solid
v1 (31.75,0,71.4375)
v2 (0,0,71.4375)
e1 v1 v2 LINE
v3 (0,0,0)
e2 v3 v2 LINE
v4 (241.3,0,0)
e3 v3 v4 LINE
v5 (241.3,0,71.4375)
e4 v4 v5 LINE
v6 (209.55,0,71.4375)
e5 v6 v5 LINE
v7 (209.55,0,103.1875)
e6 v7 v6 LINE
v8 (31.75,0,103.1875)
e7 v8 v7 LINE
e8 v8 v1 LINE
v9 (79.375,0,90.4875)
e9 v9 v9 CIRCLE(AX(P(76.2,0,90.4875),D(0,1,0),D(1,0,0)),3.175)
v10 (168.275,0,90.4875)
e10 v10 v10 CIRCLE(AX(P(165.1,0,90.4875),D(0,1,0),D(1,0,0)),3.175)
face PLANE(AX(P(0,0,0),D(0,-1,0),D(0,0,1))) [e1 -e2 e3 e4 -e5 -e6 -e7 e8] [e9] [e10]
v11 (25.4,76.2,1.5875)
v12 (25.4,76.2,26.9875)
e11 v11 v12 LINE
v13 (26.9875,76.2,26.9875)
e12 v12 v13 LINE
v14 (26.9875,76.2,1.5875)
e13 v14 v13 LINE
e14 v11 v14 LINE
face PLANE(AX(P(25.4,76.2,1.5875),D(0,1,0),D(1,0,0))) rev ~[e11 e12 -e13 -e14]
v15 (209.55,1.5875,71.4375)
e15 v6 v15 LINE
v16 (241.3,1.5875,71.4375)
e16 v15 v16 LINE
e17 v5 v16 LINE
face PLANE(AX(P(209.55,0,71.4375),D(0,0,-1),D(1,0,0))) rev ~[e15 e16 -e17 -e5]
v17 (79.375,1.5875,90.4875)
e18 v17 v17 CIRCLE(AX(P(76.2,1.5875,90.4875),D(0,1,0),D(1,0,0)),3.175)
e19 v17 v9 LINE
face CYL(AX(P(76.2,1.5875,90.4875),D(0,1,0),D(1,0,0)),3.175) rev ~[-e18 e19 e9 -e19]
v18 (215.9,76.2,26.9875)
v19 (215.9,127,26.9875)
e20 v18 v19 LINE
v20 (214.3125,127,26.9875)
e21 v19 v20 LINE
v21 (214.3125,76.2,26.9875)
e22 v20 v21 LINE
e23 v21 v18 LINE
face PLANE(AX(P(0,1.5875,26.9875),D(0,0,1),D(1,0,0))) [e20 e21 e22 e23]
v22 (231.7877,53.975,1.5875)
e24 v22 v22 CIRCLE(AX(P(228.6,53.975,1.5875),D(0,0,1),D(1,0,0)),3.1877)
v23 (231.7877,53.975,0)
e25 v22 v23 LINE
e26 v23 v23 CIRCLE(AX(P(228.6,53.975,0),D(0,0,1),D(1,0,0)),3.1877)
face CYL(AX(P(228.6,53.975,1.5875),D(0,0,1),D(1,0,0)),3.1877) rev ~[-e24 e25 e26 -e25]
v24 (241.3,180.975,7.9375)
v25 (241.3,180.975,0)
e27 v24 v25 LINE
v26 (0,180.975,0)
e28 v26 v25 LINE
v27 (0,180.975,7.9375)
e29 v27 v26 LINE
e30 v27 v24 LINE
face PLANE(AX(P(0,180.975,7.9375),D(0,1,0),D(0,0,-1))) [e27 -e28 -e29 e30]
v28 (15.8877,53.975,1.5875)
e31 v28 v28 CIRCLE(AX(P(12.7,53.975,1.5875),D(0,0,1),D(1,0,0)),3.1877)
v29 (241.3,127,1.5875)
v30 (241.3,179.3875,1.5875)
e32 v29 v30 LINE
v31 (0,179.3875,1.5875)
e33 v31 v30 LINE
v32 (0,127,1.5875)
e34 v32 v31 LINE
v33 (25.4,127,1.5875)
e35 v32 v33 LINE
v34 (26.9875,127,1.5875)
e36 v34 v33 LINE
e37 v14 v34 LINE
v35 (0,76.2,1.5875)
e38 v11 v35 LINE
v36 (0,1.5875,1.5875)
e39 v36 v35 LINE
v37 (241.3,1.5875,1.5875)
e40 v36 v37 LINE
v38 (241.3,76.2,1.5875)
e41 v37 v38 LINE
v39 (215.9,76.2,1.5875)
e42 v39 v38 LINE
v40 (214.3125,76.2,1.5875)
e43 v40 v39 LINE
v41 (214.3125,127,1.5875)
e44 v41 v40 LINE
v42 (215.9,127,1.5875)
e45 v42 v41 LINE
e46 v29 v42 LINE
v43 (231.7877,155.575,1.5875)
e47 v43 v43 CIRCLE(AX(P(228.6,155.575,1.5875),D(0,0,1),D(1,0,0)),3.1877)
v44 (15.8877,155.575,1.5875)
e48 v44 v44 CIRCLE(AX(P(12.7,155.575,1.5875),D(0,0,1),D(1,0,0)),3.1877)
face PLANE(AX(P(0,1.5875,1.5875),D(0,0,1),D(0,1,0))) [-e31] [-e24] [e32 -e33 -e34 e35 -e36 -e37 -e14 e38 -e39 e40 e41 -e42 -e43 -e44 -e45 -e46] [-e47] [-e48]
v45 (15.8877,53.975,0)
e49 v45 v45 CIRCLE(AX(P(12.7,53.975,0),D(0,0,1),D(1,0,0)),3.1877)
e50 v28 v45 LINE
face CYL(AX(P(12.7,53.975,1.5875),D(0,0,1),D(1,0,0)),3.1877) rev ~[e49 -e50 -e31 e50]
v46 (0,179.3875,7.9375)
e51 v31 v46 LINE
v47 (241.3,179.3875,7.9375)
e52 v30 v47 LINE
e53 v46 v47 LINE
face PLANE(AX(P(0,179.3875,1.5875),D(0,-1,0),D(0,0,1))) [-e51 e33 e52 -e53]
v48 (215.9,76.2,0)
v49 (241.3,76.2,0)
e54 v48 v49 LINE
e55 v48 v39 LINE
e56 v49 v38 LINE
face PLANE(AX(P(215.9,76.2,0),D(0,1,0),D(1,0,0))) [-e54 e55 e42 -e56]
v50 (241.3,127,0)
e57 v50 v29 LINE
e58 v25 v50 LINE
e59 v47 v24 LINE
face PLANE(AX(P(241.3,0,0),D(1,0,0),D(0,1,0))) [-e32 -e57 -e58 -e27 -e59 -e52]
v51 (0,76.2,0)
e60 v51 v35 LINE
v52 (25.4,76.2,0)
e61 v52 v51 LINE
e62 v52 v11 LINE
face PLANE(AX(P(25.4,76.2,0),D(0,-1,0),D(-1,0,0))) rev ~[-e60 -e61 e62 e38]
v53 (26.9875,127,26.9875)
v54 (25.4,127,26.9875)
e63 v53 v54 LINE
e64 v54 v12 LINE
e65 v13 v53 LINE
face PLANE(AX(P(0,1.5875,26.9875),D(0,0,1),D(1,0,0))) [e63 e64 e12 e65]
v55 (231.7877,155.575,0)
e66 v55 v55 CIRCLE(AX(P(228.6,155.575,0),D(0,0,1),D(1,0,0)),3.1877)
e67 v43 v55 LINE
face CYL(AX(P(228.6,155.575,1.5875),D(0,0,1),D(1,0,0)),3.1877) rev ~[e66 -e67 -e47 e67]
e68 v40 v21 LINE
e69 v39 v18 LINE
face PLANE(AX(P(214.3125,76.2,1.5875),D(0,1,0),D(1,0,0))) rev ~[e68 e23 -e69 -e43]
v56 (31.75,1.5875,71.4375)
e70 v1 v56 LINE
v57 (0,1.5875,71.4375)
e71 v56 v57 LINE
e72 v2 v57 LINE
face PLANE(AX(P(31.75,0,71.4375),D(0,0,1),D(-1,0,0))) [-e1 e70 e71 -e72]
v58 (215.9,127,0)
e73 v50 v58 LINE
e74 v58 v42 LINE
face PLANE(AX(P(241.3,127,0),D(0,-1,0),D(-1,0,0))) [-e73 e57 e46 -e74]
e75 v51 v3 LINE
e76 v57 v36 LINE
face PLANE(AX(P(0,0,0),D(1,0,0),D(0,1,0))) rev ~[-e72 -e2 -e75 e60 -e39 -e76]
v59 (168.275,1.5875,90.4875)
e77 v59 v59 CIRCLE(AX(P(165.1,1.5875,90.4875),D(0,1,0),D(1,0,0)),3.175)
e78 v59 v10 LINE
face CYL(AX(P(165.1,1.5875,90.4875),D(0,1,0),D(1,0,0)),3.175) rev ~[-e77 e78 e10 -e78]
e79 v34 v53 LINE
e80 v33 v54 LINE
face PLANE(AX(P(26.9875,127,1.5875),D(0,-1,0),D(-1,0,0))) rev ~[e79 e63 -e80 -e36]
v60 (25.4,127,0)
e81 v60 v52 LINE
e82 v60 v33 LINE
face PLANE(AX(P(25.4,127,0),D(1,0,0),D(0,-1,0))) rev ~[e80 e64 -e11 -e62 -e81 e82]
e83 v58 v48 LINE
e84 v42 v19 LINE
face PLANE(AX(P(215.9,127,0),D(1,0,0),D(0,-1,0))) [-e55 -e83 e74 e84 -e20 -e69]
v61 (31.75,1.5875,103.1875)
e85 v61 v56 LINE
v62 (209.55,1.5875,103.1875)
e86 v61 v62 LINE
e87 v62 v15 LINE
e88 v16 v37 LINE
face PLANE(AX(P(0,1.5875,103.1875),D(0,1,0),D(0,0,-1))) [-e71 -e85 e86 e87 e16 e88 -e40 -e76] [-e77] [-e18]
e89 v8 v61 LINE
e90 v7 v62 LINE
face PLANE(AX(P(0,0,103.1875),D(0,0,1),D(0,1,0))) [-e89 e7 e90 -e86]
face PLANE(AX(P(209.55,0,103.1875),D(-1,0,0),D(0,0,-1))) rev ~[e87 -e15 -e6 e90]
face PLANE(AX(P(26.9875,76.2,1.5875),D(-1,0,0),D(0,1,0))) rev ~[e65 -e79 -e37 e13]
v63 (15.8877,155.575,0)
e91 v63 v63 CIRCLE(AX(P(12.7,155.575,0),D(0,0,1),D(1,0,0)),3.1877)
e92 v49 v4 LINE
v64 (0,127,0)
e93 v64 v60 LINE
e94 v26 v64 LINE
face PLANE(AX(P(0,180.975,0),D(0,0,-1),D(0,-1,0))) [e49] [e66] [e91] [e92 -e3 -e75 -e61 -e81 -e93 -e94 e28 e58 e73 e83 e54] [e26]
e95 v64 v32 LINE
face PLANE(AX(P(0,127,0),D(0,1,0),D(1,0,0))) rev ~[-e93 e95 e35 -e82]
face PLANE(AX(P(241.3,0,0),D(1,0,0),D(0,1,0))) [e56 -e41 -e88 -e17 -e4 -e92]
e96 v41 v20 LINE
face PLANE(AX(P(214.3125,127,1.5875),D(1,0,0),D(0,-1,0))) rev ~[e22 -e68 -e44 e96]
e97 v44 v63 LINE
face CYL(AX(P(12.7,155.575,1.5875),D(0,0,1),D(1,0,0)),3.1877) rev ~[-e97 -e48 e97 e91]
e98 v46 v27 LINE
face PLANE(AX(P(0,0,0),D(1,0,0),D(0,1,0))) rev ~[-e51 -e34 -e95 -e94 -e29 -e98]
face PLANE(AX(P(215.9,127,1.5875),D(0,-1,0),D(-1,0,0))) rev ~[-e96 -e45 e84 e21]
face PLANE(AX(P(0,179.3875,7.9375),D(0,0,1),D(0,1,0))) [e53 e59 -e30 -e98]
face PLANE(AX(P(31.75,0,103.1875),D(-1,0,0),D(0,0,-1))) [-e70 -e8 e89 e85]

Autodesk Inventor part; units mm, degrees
ref_plane "YZ Plane" through (0, 0, 0) normal (1, 0, 0) x (0, 1, 0)
ref_plane "XZ Plane" through (0, 0, 0) normal (0, 1, 0) x (-1, 0, 0)
ref_plane "XY Plane" through (0, 0, 0) normal (0, 0, 1) x (1, 0, 0)
sketch "Sketch1" plane through (0, 0, 0) normal (1, 0, 0) x (0, 1, 0)
  line L0 (1.5875, 103.1875) -> (1.5875, 1.5875)
  line L1 (1.5875, 1.5875) -> (179.3875, 1.5875)
  line L2 (179.3875, 1.5875) -> (179.3875, 7.9375)
  line L3 (179.3875, 7.9375) -> (180.975, 7.9375)
  line L4 (180.975, 7.9375) -> (180.975, 0)
  line L5 (180.975, 0) -> (0, 0)
  line L6 (0, 0) -> (0, 103.1875)
  line L7 (0, 103.1875) -> (1.5875, 103.1875)
  dimension "d0" = 1.5875
  dimension "d1" = 1.5875
  dimension "d2" = 180.975
  dimension "d3" = 101.6
  dimension "d4" = 6.35
extrude "Extrusion1" add sketch "Sketch1" along normal blind 241.3
sketch "Sketch2" plane through (0, 0, 0) normal (0, 0, -1) x (-1, 0, 0)
  line L0 (-241.3, 180.975) -> (-241.3, 0) projected
  line L1 (0, 0) -> (-241.3, 0) projected
  line L2 (0, 0) -> (0, 180.975) projected
  line L3 (-241.3, 127) -> (-215.9, 127)
  line L4 (-215.9, 127) -> (-215.9, 76.2)
  line L5 (-215.9, 76.2) -> (-241.3, 76.2)
  line L6 (-241.3, 76.2) -> (-241.3, 127)
  line L7 (0, 127) -> (-25.4, 127)
  line L8 (-25.4, 127) -> (-25.4, 76.2)
  line L9 (-25.4, 76.2) -> (0, 76.2)
  line L10 (0, 76.2) -> (0, 127)
  dimension "d7" = 25.4
  dimension "d8" = 50.8
  dimension "d9" = 76.2
extrude "Extrusion2" cut sketch "Sketch2" against normal up to next
sketch "Sketch3" plane through (0, 1.5875, 1.5875) normal (0, 0, 1) x (1, 0, 0)
  line L0 (0, 125.4125) -> (25.4, 125.4125) projected
  line L1 (241.3, 74.6125) -> (215.9, 74.6125) projected
  line L2 (215.9, 125.4125) -> (214.3125, 125.4125)
  line L3 (214.3125, 125.4125) -> (214.3125, 74.6125)
  line L4 (214.3125, 74.6125) -> (215.9, 74.6125)
  line L5 (215.9, 74.6125) -> (215.9, 125.4125)
  line L6 (25.4, 74.6125) -> (26.9875, 74.6125)
  line L7 (26.9875, 74.6125) -> (26.9875, 125.4125)
  line L8 (26.9875, 125.4125) -> (25.4, 125.4125)
  line L9 (25.4, 125.4125) -> (25.4, 74.6125)
  point P0 (0, -1.5875)
  dimension "d12" = 1.5875
extrude "Extrusion3" add sketch "Sketch3" along normal blind 25.4
sketch "Sketch4" plane through (0, 179.3875, 1.5875) normal (0, 0, 1) x (1, 0, 0)
  line L0 (0, 0) -> (0, -52.3875) projected
  line L1 (241.3, -177.8) -> (241.3, -103.1875) projected
  circle A0 centre (228.6, -23.8125) radius 3.1877
  circle A1 centre (228.6, -125.4125) radius 3.1877
  circle A2 centre (12.7, -23.8125) radius 3.1877
  circle A3 centre (12.7, -125.4125) radius 3.1877
  line L2 (12.7, -23.8125) -> (228.6, -23.8125) construction
  line L3 (228.6, -23.8125) -> (228.6, -125.4125) construction
  line L4 (228.6, -125.4125) -> (12.7, -125.4125) construction
  line L5 (12.7, -125.4125) -> (12.7, -23.8125) construction
  line L6 (0, -179.3875) -> (241.3, -179.3875) construction
  line L7 (0, 1.5875) -> (241.3, 1.5875) construction
  dimension "d15" = 6.3754
  dimension "d16" = 12.7
  dimension "d18" = 25.4
  dimension "d19" = 101.6
  dimension "d20" = 12.7
extrude "Extrusion4" cut sketch "Sketch4" against normal through all
sketch "Sketch5" plane through (0, 0, 0) normal (0, -1, 0) x (1, 0, 0)
  line L0 (0, 103.1875) -> (31.75, 103.1875)
  line L1 (31.75, 103.1875) -> (31.75, 71.4375)
  line L2 (31.75, 71.4375) -> (0, 71.4375)
  line L3 (0, 71.4375) -> (0, 103.1875)
  line L4 (241.3, 103.1875) -> (209.55, 103.1875)
  line L5 (209.55, 103.1875) -> (209.55, 71.4375)
  line L6 (209.55, 71.4375) -> (241.3, 71.4375)
  line L7 (241.3, 71.4375) -> (241.3, 103.1875)
  dimension "d23" = 31.75
extrude "Extrusion5" cut sketch "Sketch5" against normal up to next
sketch "Sketch6" plane through (0, 1.5875, 1.5875) normal (0, 1, 0) x (1, 0, 0)
  line L0 (209.55, -101.6) -> (209.55, -69.85) projected
  line L1 (31.75, -69.85) -> (31.75, -101.6) projected
  line L2 (31.75, -101.6) -> (209.55, -101.6) projected
  circle A0 centre (76.2, -88.9) radius 3.175
  circle A1 centre (165.1, -88.9) radius 3.175
  line L3 (165.1, -88.9) -> (209.55, -88.9) construction
  line L4 (76.2, -88.9) -> (31.75, -88.9) construction
  point P0 (0, 1.5875)
  dimension "d26" = 12.7
  dimension "d27" = 12.7
  dimension "d28" = 88.9
  dimension "d29" = 6.35
extrude "Extrusion6" cut sketch "Sketch6" against normal up to next
properties part number "BatteryMount" material "Aluminum-6061"
